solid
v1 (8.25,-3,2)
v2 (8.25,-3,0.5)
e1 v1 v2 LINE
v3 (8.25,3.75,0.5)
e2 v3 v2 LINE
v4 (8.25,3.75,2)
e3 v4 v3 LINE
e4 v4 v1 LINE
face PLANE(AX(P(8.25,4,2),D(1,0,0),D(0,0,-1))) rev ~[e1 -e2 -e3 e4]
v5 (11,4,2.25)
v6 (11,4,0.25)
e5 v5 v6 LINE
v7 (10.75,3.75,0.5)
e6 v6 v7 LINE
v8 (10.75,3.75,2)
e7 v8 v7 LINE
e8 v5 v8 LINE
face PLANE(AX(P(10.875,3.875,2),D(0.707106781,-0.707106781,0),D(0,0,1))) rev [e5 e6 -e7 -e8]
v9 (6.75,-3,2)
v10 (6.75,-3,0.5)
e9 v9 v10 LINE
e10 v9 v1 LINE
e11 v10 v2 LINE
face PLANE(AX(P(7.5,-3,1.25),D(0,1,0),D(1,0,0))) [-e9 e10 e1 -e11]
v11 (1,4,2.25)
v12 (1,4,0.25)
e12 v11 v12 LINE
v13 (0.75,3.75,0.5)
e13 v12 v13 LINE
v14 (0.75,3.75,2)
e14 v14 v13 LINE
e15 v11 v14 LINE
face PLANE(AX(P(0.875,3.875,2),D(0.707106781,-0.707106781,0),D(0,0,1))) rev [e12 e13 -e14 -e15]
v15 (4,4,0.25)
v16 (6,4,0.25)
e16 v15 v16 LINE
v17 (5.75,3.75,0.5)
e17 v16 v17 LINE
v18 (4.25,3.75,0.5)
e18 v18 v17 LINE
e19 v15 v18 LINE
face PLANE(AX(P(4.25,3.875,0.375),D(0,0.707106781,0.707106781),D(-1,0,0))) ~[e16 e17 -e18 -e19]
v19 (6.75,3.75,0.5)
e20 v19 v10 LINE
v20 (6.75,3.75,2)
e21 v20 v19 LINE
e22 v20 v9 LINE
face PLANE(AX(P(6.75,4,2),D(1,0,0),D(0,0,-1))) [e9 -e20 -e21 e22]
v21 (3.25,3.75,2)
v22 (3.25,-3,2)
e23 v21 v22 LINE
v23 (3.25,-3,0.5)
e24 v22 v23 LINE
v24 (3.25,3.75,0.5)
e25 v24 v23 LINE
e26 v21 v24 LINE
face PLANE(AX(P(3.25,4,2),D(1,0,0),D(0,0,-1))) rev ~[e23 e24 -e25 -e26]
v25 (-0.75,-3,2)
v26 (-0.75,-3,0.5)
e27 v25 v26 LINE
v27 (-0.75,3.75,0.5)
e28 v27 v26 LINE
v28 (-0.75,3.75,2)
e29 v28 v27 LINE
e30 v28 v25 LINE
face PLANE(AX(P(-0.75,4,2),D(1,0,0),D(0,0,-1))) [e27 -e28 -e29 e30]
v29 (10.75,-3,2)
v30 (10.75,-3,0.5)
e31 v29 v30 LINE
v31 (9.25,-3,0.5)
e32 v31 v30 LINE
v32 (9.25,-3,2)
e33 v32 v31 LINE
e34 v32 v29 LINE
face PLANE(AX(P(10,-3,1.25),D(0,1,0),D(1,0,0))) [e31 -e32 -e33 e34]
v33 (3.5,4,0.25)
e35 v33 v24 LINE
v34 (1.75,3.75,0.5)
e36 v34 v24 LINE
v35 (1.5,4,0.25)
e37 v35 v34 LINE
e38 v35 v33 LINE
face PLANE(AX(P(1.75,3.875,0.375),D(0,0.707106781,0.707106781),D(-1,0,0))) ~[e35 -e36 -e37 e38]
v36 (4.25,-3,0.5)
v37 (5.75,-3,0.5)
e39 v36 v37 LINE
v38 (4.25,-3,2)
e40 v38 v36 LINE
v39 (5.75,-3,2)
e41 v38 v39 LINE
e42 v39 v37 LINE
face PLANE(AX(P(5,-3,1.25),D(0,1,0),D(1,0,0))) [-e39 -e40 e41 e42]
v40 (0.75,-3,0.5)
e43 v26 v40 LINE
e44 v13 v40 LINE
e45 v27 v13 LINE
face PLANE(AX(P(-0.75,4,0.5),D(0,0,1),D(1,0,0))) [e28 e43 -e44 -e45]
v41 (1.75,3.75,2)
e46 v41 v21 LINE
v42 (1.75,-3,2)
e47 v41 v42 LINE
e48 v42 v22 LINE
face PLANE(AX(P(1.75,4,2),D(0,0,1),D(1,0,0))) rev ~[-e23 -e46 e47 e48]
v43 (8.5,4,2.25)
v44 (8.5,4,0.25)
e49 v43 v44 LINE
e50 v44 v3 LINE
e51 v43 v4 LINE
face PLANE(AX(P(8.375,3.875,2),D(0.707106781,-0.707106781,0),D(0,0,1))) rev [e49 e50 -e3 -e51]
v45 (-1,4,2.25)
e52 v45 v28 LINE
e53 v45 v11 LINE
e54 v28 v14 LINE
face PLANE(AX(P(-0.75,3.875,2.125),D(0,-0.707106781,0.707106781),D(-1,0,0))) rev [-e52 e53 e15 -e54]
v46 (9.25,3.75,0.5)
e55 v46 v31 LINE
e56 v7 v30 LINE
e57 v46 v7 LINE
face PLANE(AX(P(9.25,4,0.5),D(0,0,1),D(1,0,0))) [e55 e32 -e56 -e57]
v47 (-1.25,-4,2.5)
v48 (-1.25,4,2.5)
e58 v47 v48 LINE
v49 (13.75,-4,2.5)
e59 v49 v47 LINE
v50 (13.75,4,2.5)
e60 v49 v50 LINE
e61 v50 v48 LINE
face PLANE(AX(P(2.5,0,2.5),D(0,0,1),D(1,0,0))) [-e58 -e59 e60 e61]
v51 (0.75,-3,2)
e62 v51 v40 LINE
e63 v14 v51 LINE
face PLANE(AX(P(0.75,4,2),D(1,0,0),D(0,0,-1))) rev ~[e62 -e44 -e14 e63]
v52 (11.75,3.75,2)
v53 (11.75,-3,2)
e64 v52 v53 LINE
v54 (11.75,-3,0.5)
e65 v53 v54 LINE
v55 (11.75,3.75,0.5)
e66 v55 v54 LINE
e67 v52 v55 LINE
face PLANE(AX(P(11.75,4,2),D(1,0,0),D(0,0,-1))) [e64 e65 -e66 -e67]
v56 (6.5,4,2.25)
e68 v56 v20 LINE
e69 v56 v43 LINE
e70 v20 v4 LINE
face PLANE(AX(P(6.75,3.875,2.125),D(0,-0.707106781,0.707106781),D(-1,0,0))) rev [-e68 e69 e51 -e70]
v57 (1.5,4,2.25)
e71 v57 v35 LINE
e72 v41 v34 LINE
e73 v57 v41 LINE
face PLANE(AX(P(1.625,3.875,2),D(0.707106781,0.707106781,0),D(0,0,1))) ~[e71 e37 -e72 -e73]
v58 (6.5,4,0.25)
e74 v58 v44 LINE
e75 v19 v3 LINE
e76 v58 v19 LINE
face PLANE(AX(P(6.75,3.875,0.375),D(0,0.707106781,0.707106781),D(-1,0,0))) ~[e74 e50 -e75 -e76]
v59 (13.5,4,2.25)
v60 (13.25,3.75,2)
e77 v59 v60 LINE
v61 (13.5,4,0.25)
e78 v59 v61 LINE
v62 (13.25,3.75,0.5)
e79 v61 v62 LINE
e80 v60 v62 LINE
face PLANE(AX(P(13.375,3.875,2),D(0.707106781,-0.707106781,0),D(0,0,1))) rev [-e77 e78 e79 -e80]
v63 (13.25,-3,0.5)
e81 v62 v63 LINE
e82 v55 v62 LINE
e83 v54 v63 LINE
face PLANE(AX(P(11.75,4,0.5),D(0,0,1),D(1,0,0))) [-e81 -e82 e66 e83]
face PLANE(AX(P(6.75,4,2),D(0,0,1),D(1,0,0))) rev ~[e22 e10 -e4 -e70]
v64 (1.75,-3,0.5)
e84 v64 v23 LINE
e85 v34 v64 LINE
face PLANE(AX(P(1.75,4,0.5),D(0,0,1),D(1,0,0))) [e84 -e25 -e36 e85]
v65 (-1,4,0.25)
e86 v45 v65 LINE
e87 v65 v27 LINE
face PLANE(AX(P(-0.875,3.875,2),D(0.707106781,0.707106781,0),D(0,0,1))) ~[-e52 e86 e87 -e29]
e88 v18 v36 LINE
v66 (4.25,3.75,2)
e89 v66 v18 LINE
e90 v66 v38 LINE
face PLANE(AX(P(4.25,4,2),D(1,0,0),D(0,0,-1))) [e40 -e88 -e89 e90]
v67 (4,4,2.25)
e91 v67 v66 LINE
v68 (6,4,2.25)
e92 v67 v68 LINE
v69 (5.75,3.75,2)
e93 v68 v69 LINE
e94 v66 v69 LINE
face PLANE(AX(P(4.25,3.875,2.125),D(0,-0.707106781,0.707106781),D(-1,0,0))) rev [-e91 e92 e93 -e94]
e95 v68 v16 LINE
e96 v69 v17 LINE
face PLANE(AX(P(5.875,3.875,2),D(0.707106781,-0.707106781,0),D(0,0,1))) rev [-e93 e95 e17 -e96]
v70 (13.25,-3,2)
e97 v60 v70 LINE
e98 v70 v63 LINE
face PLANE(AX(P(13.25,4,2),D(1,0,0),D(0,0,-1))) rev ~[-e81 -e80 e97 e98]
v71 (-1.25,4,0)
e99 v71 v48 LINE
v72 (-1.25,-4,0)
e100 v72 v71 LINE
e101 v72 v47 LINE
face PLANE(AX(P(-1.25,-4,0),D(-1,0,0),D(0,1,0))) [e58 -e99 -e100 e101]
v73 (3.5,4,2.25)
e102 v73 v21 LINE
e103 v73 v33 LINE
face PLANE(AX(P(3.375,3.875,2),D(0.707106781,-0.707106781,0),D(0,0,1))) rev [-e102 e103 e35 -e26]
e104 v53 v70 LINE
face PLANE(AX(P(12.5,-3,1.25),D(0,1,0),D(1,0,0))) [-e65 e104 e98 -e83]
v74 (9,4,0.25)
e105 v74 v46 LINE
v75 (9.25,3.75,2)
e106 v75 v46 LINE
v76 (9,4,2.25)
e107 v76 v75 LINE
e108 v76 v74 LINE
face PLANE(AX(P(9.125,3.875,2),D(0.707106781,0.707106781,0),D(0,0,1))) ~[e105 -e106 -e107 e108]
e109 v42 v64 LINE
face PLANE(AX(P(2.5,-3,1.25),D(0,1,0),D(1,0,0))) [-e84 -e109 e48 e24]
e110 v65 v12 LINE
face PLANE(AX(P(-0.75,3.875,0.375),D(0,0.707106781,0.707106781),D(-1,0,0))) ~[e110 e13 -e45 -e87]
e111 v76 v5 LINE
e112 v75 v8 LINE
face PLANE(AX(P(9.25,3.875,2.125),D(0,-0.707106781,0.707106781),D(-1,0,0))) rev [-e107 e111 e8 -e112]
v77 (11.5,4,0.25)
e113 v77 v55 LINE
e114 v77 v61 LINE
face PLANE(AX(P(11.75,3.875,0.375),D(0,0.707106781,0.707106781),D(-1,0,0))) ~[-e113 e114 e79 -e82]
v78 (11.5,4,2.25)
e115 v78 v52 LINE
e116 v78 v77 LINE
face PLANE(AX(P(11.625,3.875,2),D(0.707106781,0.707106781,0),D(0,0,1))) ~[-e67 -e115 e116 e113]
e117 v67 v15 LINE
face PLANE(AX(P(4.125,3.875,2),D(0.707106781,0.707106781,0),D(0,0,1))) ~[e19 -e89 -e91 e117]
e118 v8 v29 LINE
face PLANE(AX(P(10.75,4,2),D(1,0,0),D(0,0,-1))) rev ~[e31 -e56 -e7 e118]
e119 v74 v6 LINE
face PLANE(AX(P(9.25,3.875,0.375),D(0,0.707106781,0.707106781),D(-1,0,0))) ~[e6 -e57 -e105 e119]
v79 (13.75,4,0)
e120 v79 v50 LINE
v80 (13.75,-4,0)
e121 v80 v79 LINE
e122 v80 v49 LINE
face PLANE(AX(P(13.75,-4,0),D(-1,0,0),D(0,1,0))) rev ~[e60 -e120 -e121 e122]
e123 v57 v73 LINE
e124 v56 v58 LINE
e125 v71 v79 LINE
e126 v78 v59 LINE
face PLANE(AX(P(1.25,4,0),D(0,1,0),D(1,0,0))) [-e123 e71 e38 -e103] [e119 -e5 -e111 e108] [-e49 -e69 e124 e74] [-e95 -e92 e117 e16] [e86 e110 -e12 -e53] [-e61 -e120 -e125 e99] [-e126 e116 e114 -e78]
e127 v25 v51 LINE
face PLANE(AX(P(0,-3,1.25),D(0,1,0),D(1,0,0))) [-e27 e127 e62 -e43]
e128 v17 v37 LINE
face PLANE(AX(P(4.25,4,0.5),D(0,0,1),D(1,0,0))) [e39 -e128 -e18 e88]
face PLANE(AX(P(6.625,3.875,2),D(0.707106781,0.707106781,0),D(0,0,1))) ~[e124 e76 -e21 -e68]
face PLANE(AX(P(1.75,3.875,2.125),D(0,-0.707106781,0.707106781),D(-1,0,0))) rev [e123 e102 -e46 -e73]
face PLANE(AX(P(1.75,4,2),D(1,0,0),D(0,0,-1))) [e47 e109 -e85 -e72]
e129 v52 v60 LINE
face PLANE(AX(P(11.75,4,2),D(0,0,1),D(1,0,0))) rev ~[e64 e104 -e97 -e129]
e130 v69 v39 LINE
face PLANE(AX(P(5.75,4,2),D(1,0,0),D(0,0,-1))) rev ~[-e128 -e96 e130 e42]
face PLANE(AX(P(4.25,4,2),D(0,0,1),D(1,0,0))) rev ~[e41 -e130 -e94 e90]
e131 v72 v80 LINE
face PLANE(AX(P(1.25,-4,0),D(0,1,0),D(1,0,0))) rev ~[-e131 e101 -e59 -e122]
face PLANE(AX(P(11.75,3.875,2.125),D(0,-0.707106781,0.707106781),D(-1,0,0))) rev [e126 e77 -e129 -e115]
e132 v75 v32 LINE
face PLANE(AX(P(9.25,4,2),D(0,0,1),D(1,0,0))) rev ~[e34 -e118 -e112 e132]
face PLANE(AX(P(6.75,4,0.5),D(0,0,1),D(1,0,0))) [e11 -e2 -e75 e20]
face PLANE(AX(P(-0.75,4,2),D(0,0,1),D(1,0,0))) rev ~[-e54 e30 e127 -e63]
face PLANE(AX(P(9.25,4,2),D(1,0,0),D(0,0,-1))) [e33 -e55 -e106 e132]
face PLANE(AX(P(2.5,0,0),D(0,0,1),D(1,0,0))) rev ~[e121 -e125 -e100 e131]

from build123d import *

# Parameters (mm, degrees)
SKETCH1_W                  = 2.5
SKETCH1_H                  = 8
BOSS_EXTRUDE1_DEPTH        = 2.5
SKETCH2_W                  = 1.5
SKETCH2_H                  = 1.5
CUT_EXTRUDE2_DEPTH         = 7
CHAMFER3_SIZE              = 0.25
LPATTERN2_COUNT            = 6
LPATTERN2_PITCH            = 2.5
CHAMFER3_OF_LPATTERN2_SIZE = 0.25


with BuildPart() as part:
    # Sketch1 → Boss-Extrude1 (new body)
    with BuildSketch(Plane.XY):
        Rectangle(SKETCH1_W, SKETCH1_H)
    boss_extrude1 = extrude(amount=BOSS_EXTRUDE1_DEPTH)

    # Sketch2 → Cut-Extrude2 (cut)
    with BuildSketch(Plane(origin=(0, 4, 0), x_dir=(1, 0, 0), z_dir=(0, 1, 0))):
        with Locations((0, -1.25)):
            Rectangle(SKETCH2_W, SKETCH2_H)
    cut_extrude2 = extrude(amount=-CUT_EXTRUDE2_DEPTH, mode=Mode.SUBTRACT)

    # Chamfer3
    chamfer3_edges = [part.edges().sort_by_distance(p)[0] for p in [
        (0, 4, 2),
        (0.75, 4, 1.25),
        (0, 4, 0.5),
        (-0.75, 4, 1.25),
    ]]
    chamfer(chamfer3_edges, length=CHAMFER3_SIZE)

    # LPattern2: Boss-Extrude1, Cut-Extrude2 ×6
    with Locations(*[(i * LPATTERN2_PITCH, 0, 0) for i in range(1, LPATTERN2_COUNT)]):
        add(boss_extrude1)
        add(cut_extrude2, mode=Mode.SUBTRACT)

    # Chamfer3 of LPattern2
    chamfer3_of_lpattern2_edges = [part.edges().sort_by_distance(p)[0] for p in [
        (2.5, 4, 2),
        (3.25, 4, 1.25),
        (2.5, 4, 0.5),
        (1.75, 4, 1.25),
        (5, 4, 2),
        (5.75, 4, 1.25),
        (5, 4, 0.5),
        (4.25, 4, 1.25),
        (7.5, 4, 2),
        (8.25, 4, 1.25),
        (7.5, 4, 0.5),
        (6.75, 4, 1.25),
        (10, 4, 2),
        (10.75, 4, 1.25),
        (10, 4, 0.5),
        (9.25, 4, 1.25),
        (12.5, 4, 2),
        (13.25, 4, 1.25),
        (12.5, 4, 0.5),
        (11.75, 4, 1.25),
    ]]
    chamfer(chamfer3_of_lpattern2_edges, length=CHAMFER3_OF_LPATTERN2_SIZE)


solid = part.part
